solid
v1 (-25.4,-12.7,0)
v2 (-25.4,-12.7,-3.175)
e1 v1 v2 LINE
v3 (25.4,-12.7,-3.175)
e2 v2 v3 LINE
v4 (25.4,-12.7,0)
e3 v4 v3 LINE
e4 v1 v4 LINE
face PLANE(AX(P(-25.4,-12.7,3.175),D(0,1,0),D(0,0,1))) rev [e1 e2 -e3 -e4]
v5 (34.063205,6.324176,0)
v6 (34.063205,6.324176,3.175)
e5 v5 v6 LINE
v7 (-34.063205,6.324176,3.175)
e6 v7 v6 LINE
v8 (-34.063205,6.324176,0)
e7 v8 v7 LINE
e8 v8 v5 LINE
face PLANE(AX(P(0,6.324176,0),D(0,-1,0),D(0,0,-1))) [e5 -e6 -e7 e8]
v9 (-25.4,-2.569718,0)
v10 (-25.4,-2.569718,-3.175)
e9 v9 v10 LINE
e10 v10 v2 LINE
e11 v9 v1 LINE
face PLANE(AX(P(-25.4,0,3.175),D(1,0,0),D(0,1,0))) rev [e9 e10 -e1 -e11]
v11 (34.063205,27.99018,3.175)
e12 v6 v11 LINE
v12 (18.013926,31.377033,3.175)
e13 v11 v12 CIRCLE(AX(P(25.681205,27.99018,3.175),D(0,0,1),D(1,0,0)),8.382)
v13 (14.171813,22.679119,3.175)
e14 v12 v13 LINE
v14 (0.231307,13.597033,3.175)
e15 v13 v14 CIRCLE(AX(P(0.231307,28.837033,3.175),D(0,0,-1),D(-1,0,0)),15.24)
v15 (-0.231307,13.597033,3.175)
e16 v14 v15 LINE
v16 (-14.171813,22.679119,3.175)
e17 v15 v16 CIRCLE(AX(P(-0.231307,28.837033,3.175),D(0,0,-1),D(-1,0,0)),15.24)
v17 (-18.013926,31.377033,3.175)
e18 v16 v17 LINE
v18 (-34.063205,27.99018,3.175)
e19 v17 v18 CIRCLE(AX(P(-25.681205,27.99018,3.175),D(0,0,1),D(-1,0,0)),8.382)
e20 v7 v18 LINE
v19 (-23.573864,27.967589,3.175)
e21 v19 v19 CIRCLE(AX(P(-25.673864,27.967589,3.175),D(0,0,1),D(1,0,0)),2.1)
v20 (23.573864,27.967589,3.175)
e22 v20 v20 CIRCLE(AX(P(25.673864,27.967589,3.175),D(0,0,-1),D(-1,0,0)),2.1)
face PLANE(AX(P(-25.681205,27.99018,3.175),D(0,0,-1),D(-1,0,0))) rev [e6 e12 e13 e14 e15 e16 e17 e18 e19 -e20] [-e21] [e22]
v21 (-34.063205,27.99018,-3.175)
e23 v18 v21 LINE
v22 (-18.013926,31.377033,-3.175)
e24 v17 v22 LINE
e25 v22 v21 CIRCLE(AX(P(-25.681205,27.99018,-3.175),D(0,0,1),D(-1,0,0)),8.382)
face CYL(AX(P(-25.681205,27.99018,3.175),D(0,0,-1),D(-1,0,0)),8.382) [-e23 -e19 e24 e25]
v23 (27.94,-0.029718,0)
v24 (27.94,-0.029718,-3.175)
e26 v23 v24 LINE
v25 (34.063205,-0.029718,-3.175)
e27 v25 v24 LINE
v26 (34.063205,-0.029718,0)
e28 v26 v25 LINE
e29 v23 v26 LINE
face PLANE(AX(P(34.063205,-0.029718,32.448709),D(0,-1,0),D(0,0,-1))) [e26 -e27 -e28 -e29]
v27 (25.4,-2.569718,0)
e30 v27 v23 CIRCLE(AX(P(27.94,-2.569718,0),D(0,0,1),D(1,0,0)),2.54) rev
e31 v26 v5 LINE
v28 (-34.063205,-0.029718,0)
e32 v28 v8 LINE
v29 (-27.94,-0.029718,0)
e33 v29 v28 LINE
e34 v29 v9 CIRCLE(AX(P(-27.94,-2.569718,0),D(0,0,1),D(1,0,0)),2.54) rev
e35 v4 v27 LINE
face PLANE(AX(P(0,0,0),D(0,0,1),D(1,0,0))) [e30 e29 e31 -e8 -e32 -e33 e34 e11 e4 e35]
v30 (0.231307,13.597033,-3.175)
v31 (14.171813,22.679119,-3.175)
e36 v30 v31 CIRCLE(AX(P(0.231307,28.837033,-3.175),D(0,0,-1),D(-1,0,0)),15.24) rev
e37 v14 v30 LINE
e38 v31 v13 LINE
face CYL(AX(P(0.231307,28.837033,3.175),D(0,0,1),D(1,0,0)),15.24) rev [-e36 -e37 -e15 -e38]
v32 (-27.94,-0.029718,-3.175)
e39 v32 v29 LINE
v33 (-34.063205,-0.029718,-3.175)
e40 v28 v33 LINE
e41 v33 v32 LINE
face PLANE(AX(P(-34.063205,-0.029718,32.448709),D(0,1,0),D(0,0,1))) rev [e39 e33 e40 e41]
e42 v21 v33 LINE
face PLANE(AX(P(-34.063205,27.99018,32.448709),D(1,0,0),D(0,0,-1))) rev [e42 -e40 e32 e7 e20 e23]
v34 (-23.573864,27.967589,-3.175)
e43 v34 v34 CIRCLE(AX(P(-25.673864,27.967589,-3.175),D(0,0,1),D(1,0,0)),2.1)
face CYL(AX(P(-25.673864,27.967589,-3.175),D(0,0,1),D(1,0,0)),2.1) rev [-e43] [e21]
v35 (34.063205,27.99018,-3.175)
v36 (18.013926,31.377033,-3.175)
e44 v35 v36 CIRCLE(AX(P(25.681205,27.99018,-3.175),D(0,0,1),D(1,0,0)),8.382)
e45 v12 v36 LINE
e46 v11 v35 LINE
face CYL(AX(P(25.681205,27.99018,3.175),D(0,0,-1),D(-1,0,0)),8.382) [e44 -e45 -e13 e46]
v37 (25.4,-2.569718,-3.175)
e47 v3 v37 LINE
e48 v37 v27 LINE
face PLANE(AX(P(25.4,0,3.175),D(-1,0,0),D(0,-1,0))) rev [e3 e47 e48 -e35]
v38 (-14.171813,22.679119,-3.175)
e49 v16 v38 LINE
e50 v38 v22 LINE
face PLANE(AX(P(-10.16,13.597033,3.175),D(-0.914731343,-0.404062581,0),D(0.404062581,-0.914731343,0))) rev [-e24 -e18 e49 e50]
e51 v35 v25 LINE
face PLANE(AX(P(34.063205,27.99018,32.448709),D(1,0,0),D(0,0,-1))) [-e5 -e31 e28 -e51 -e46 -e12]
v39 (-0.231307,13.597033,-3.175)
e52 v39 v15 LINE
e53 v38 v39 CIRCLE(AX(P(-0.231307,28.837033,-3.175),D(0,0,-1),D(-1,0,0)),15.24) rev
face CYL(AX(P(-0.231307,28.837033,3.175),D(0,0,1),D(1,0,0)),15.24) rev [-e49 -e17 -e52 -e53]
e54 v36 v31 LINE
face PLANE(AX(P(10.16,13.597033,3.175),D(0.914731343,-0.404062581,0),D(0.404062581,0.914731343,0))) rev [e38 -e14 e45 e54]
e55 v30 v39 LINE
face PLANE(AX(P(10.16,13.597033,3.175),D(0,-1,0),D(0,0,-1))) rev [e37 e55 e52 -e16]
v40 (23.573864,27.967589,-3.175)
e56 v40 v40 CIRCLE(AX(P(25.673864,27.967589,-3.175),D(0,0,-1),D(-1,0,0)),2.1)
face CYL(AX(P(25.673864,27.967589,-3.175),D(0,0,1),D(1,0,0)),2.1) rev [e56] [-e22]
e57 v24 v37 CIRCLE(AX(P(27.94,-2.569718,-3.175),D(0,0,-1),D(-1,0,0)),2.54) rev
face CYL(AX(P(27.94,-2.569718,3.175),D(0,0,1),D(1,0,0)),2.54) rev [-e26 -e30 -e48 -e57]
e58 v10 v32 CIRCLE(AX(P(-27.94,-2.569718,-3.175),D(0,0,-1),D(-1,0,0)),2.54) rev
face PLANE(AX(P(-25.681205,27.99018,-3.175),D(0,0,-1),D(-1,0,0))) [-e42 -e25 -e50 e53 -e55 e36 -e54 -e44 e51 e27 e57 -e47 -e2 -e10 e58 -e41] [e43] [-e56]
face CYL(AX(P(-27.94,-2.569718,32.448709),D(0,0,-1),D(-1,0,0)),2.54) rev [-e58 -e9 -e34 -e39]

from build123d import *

# Parameters (mm, degrees)
BOSS_EXTRU_1_DEPTH             = 3.175
ESQUISSE3_R                    = 2.1
ENL_V_MAT_EXTRU_1_DEPTH        = 51.235046687
ENL_V_MAT_EXTRU_2_DEPTH        = 3.175
CONG_1_R                       = 15.24
CONG_2_R                       = 15.24
BOSS_EXTRU_3_REACH             = 51.933
BOSS_EXTRU_3_DIRECTION_2_REACH = 51.933
ENL_V_MAT_EXTRU_3_DEPTH        = 3.175
CONG_3_R                       = 2.54


with BuildPart() as part:
    # Esquisse2 → Boss.-Extru.1 (new, symmetric)
    with BuildSketch(Plane.XY):
        with BuildLine():
            Line((25.4, 0), (33.652960284, 25.4))
            ThreePointArc((33.652960284, 25.4), (28.67359617, 35.819836664), (18.013926444, 31.377032999))
            Line((18.013926444, 31.377032999), (10.16, 13.597032999))
            Line((10.16, 13.597032999), (-10.16, 13.597032999))
            Line((-10.16, 13.597032999), (-18.013926444, 31.377032999))
            ThreePointArc((-18.013926444, 31.377032999), (-28.67359617, 35.819836664), (-33.652960284, 25.4))
            Line((-33.652960284, 25.4), (-25.4, 0))
            Line((-25.4, 0), (-25.4, -12.7))
            Line((-25.4, -12.7), (25.4, -12.7))
            Line((25.4, -12.7), (25.4, 0))
        make_face()
    extrude(amount=BOSS_EXTRU_1_DEPTH, both=True)

    # Esquisse3 → Enlèv. mat.-Extru.1 (cut, through all)
    with BuildSketch(Plane.XY.offset(3.175)):
        with Locations((-25.673864308, 27.96758946)):
            Circle(ESQUISSE3_R)
    enl_v_mat_extru_1 = extrude(amount=-ENL_V_MAT_EXTRU_1_DEPTH, mode=Mode.SUBTRACT)

    # Symétrie1: Enlèv. mat.-Extru.1 across plane
    add(enl_v_mat_extru_1.mirror(Plane(origin=(0, 0, 0), x_dir=(0, 0, 1), z_dir=(1, 0, 0))), mode=Mode.SUBTRACT)

    # Esquisse4 → Enlèv. mat.-Extru.2 (cut)
    with BuildSketch(Plane.XY.offset(3.175)):
        Polygon((27.454849211, 6.324175587), (-27.454849211, 6.324175587), (-25.4, 0), (-25.4, -12.7), (25.4, -12.7), (25.4, 0), align=None)
    extrude(amount=-ENL_V_MAT_EXTRU_2_DEPTH, mode=Mode.SUBTRACT)

    # Congé1
    cong_1_edges = [part.edges().sort_by_distance(p)[0] for p in [
        (-10.16, 13.597032999, 0),
        (10.16, 13.597032999, 0),
    ]]
    fillet(cong_1_edges, radius=CONG_1_R)

    # Congé2
    cong_2_edges = [part.edges().sort_by_distance(p)[0] for p in [
        (-25.4, 0, -1.5875),
        (25.4, 0, -1.5875),
    ]]
    fillet(cong_2_edges, radius=CONG_2_R)

    # Boss.-Extru.3: up to this face of the body (flat: up to its plane)
    boss_extru_3_end = Plane(part.part.faces().sort_by_distance((-16.773966377, 26.7272166, 3.175))[0])
    # Esquisse8 → Boss.-Extru.3 (add, up to the picked face)
    with BuildSketch(Plane.XY, mode=Mode.PRIVATE) as boss_extru_3_sk1:
        with BuildLine():
            Line((-27.454849211, 6.324175587), (-26.145898692, 2.295640124))
            ThreePointArc((-26.145898692, 2.295640124), (-25.821082413, 1.143928475), (-25.587629689, -0.029717623))
            Line((-25.587629689, -0.029717623), (-34.063204565, -0.029717623))
            Line((-34.063204565, -0.029717623), (-34.063204565, 27.990180447))
            ThreePointArc((-34.063204565, 27.990180447), (-33.960008236, 26.678946761), (-33.652960284, 25.4))
            Line((-33.652960284, 25.4), (-27.454849211, 6.324175587))
        make_face()
    boss_extru_3_tool1 = split(extrude(boss_extru_3_sk1.sketch, amount=BOSS_EXTRU_3_REACH, mode=Mode.PRIVATE), bisect_by=boss_extru_3_end, keep=Keep.BOTH, mode=Mode.PRIVATE)
    boss_extru_3 = boss_extru_3_tool1.solids().sort_by(Axis((-31.181863, 8.892932, 0), (0, 0, 1)))[0]
    add(boss_extru_3)

    # Boss.-Extru.3 direction 2: up to this face of the body (flat: up to its plane)
    boss_extru_3_direction_2_end = Plane(part.part.faces().sort_by_distance((0, 8.816587411, -3.175))[0])
    # Esquisse8 → Boss.-Extru.3 direction 2 (add, up to the picked face)
    with BuildSketch(Plane.XY, mode=Mode.PRIVATE) as boss_extru_3_direction_2_sk1:
        with BuildLine():
            Line((-27.454849211, 6.324175587), (-26.145898692, 2.295640124))
            ThreePointArc((-26.145898692, 2.295640124), (-25.821082413, 1.143928475), (-25.587629689, -0.029717623))
            Line((-25.587629689, -0.029717623), (-34.063204565, -0.029717623))
            Line((-34.063204565, -0.029717623), (-34.063204565, 27.990180447))
            ThreePointArc((-34.063204565, 27.990180447), (-33.960008236, 26.678946761), (-33.652960284, 25.4))
            Line((-33.652960284, 25.4), (-27.454849211, 6.324175587))
        make_face()
    boss_extru_3_direction_2_tool1 = split(extrude(boss_extru_3_direction_2_sk1.sketch, amount=-BOSS_EXTRU_3_DIRECTION_2_REACH, mode=Mode.PRIVATE), bisect_by=boss_extru_3_direction_2_end, keep=Keep.BOTH, mode=Mode.PRIVATE)
    boss_extru_3_direction_2 = boss_extru_3_direction_2_tool1.solids().sort_by(Axis((-31.181863, 8.892932, 0), (0, 0, -1)))[0]
    add(boss_extru_3_direction_2)

    # Symétrie2: Boss.-Extru.3, Boss.-Extru.3 direction 2 across plane
    add(boss_extru_3.mirror(Plane(origin=(0, 0, 0), x_dir=(0, 0, 1), z_dir=(1, 0, 0))))
    add(boss_extru_3_direction_2.mirror(Plane(origin=(0, 0, 0), x_dir=(0, 0, 1), z_dir=(1, 0, 0))))

    # Esquisse9 → Enlèv. mat.-Extru.3 (cut)
    with BuildSketch(Plane.XY.offset(3.175)):
        with BuildLine():
            Line((-27.454849211, 6.324175587), (-26.145898692, 2.295640124))
            ThreePointArc((-26.145898692, 2.295640124), (-25.821082413, 1.143928475), (-25.587629689, -0.029717623))
            Line((-25.587629689, -0.029717623), (-34.063204565, -0.029717623))
            Line((-34.063204565, -0.029717623), (-34.063204565, 6.324175587))
            Line((-34.063204565, 6.324175587), (-27.454849211, 6.324175587))
        make_face()
    enl_v_mat_extru_3 = extrude(amount=-ENL_V_MAT_EXTRU_3_DEPTH, mode=Mode.SUBTRACT)

    # Symétrie3: Enlèv. mat.-Extru.3 across plane
    add(enl_v_mat_extru_3.mirror(Plane(origin=(0, 0, 0), x_dir=(0, 0, 1), z_dir=(1, 0, 0))), mode=Mode.SUBTRACT)

    # Congé3
    cong_3_edges = [part.edges().sort_by_distance(p)[0] for p in [
        (25.587629689, -0.029717623, -1.5875),
        (-25.587629689, -0.029717623, -1.5875),
    ]]
    fillet(cong_3_edges, radius=CONG_3_R)


solid = part.part
